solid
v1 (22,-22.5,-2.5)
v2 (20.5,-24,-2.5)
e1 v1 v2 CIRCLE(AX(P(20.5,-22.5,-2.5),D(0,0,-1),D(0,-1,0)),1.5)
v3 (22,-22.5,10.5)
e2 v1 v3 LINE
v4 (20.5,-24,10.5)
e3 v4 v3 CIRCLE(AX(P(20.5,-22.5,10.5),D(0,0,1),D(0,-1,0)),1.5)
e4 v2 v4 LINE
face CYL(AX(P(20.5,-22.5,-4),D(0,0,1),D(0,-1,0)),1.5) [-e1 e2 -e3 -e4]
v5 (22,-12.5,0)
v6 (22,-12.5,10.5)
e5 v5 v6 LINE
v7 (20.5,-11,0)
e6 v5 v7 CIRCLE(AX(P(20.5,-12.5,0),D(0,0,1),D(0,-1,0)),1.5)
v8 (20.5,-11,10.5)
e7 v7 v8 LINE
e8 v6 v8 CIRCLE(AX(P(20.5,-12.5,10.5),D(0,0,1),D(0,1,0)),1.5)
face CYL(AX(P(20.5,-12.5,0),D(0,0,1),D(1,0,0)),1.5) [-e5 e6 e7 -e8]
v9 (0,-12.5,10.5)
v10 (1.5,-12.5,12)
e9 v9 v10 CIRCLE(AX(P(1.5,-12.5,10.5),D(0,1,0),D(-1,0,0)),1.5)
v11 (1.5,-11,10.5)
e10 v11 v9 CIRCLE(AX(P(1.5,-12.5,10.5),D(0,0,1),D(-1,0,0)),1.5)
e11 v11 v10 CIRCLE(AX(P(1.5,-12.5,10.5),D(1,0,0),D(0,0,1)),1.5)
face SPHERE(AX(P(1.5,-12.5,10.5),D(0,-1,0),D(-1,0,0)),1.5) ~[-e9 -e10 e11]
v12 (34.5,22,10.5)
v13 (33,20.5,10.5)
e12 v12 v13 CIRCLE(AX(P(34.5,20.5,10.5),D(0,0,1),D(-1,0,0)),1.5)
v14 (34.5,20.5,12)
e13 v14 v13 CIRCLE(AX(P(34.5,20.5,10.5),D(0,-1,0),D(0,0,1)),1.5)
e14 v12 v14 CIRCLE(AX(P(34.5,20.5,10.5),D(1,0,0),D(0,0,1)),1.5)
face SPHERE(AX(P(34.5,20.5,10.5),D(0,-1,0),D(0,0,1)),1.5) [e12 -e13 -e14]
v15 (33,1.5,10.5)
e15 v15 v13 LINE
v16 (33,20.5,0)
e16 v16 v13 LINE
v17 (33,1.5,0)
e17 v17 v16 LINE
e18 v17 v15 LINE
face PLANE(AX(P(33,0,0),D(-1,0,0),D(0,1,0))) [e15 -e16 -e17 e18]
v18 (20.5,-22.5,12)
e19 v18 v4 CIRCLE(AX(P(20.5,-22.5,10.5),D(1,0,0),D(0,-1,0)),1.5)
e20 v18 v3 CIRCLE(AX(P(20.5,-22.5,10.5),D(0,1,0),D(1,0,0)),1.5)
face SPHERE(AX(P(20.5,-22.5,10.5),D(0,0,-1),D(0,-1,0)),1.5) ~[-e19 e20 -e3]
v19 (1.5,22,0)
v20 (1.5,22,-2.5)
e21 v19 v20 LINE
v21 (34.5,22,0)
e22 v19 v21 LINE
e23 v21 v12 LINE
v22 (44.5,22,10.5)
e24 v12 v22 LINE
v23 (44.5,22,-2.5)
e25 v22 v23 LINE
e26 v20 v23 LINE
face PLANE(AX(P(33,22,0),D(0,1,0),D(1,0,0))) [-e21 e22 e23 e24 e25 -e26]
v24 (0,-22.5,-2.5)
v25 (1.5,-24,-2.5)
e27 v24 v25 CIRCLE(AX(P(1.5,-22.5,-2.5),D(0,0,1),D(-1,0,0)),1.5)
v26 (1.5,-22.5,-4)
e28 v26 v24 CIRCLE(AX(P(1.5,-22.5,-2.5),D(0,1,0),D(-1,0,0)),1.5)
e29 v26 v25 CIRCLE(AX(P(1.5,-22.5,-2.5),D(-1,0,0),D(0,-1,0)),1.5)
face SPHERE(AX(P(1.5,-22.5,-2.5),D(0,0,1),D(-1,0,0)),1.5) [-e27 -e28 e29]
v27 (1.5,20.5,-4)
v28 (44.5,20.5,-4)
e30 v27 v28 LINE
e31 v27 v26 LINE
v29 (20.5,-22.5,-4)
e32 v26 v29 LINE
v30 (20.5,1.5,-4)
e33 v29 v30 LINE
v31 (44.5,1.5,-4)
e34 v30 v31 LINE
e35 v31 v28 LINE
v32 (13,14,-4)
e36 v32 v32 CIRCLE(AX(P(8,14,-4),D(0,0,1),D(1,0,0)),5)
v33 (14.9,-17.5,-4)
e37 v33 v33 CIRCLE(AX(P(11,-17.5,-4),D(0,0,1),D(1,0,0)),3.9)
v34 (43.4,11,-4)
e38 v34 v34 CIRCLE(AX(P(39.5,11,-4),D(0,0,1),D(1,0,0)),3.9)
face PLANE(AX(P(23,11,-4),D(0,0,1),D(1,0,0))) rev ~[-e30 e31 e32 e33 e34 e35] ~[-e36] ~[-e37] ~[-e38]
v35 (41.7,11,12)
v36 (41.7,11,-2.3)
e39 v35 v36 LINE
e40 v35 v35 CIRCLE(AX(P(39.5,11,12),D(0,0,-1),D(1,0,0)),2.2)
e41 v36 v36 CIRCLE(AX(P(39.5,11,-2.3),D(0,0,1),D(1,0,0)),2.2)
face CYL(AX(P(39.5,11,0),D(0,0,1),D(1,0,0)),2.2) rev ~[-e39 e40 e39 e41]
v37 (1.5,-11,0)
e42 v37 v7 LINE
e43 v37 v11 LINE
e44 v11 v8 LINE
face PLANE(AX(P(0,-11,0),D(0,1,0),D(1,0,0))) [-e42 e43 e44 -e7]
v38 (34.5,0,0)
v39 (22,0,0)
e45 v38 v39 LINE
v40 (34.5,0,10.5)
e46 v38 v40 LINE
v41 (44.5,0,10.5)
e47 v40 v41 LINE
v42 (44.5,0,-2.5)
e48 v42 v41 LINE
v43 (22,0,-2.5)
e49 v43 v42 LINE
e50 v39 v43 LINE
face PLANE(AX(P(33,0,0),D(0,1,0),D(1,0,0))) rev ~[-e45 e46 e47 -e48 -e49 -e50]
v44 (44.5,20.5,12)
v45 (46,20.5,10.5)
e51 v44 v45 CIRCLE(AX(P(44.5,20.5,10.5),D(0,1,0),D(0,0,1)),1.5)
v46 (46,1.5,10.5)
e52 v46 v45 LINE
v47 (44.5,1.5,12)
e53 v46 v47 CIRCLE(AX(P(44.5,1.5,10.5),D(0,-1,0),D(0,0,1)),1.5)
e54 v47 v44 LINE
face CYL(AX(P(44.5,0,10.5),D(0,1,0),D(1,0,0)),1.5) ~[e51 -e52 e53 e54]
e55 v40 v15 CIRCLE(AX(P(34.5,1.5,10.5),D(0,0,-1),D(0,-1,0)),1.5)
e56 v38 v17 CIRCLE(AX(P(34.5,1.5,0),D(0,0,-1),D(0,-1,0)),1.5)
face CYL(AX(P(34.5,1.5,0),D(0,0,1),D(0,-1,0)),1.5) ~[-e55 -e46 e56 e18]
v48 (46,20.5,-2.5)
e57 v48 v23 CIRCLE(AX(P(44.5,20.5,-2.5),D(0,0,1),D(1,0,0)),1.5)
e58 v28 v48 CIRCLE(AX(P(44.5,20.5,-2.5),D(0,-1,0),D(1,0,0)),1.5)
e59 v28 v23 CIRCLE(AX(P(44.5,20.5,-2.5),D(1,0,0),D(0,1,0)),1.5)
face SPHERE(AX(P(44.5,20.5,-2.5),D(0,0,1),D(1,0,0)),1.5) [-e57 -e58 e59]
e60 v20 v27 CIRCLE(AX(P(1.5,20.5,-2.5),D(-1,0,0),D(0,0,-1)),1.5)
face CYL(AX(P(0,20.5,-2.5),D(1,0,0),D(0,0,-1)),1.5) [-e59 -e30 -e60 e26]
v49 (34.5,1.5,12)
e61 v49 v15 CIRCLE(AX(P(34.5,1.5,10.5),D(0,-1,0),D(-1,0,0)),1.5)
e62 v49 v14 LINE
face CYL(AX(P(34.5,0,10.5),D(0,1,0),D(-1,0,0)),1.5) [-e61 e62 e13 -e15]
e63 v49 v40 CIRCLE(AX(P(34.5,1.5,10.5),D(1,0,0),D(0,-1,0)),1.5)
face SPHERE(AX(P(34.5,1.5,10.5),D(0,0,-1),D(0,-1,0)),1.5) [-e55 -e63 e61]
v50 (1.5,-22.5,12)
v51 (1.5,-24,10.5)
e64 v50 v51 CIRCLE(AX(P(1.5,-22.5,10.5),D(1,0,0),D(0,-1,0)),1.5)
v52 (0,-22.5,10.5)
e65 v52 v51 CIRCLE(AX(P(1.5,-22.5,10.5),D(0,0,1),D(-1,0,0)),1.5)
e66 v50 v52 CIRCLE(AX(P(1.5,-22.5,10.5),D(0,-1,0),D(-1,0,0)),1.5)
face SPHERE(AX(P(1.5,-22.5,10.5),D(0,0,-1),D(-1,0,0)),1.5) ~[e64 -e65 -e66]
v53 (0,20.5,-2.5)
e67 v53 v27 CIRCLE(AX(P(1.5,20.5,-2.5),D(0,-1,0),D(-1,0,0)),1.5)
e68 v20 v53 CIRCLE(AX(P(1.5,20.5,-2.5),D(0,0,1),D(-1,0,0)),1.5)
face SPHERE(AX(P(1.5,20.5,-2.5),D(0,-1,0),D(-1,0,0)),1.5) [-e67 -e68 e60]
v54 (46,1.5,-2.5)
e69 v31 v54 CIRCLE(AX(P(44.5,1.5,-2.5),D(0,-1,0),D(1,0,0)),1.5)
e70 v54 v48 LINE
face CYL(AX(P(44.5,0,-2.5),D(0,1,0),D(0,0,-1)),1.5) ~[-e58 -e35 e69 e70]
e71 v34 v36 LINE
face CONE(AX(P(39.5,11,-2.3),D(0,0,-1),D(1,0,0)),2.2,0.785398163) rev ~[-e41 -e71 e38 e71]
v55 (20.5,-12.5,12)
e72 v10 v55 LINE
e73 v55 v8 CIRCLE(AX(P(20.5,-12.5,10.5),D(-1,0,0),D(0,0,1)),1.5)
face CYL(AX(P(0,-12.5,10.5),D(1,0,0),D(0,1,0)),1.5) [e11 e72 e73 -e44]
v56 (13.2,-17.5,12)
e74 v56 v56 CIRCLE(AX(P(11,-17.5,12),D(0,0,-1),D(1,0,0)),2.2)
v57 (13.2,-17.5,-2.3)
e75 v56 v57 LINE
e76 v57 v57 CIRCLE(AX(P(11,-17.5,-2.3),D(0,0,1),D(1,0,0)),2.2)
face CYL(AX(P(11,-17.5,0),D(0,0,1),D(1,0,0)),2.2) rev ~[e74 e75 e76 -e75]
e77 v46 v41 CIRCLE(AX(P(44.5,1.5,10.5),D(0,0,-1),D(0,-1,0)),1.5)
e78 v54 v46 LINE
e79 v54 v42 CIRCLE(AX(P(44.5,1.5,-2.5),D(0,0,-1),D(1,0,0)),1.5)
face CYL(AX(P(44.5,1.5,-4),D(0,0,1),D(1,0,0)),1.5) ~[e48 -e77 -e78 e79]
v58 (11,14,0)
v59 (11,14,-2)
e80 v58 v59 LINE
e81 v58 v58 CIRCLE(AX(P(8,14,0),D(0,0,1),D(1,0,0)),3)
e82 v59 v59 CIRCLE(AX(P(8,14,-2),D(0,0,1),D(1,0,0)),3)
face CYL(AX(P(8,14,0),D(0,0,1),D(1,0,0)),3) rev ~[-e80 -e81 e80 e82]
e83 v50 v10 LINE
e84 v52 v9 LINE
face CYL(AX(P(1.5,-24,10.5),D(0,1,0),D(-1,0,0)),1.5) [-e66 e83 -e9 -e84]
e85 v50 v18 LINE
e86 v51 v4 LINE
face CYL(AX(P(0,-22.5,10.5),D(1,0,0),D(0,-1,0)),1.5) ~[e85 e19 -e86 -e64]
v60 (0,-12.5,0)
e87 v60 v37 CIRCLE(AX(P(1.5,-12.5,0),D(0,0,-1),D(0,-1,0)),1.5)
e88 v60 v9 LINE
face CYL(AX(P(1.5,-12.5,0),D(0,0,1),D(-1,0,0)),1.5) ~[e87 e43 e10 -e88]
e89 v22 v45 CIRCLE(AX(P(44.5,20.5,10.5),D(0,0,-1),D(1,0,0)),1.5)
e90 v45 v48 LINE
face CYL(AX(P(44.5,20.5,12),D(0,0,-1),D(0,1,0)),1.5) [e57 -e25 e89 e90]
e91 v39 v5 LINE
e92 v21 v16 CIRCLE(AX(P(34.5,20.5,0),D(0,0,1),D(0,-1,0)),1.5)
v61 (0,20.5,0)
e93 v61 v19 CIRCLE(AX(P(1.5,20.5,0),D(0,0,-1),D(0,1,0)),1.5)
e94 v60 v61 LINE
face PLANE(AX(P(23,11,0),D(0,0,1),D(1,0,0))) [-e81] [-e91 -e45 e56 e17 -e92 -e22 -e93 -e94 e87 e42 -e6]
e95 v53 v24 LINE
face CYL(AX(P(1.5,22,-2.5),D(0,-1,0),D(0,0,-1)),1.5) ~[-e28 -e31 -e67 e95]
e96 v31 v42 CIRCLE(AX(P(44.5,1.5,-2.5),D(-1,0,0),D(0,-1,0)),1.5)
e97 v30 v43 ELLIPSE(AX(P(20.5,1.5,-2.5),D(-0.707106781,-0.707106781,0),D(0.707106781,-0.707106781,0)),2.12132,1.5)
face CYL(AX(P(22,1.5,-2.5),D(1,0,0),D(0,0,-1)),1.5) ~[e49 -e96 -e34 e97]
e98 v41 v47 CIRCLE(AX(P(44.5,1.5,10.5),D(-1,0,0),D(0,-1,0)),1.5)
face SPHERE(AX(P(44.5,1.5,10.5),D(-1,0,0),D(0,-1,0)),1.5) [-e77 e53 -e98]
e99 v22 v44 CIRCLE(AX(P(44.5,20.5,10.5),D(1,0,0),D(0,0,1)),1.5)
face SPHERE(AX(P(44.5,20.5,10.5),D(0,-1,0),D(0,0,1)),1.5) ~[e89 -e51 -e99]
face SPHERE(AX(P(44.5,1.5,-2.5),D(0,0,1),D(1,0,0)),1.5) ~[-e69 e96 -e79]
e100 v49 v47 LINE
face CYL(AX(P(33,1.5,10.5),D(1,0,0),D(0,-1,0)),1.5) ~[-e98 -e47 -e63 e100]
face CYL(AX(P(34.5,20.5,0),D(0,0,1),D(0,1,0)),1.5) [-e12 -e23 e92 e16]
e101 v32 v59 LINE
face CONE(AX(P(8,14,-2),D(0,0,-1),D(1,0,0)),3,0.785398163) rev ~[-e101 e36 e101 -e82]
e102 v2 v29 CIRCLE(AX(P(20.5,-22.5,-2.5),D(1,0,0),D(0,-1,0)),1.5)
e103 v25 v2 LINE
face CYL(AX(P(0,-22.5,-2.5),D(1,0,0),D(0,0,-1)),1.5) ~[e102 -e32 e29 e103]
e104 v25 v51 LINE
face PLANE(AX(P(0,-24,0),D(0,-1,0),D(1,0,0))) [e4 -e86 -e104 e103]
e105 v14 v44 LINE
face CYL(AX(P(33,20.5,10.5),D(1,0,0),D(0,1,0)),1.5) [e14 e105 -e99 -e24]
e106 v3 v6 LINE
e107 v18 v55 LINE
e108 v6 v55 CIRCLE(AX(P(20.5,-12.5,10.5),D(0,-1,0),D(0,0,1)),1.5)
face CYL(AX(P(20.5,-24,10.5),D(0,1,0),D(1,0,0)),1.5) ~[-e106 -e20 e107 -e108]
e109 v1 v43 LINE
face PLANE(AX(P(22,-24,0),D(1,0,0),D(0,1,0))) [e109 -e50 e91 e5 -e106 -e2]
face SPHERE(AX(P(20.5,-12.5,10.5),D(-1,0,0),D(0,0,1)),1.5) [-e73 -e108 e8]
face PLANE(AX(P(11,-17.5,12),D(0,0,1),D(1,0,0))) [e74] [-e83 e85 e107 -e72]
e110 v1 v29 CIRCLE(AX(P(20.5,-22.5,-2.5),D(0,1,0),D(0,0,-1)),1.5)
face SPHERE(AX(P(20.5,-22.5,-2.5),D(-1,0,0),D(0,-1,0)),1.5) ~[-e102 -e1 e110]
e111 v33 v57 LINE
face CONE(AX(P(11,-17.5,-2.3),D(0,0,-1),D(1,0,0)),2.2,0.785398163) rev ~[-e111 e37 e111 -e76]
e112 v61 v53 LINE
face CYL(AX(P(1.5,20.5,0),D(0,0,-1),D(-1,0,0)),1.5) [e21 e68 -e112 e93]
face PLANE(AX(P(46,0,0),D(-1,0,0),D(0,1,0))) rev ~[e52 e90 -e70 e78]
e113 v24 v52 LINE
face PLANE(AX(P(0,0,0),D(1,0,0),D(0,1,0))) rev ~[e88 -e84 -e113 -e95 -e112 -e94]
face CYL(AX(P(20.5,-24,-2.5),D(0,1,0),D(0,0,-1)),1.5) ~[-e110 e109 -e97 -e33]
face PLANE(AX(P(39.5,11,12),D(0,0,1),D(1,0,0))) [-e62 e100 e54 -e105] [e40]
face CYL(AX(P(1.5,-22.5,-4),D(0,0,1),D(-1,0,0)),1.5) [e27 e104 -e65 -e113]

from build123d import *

# Parameters (mm, degrees)
RECTANGLE003_W       = 22
RECTANGLE003_H       = 13
PAD_DEPTH            = 12
RECTANGLE002_FACE1_W = 22
RECTANGLE002_FACE1_H = 24
PAD002_DEPTH         = 4
RECTANGLE_FACE1_W    = 46
RECTANGLE_FACE1_H    = 22
PAD003_DEPTH         = 4
RECTANGLE001_W       = 13
RECTANGLE001_H       = 22
PAD004_DEPTH         = 12
CIRCLE002_R          = 2.2
POCKET_DEPTH         = 22
CIRCLE_EDGE1_R       = 3
POCKET001_DEPTH      = 5
CIRCLE001_R          = 2.2
POCKET002_DEPTH      = 22
POCKET003_DEPTH      = 22
POCKET004_DEPTH      = 22
CHAMFER_SIZE         = 2
CHAMFER001_SIZE      = 1.7
CHAMFER002_SIZE      = 1.7
FILLET_R             = 1.5


with BuildPart() as part:
    # Rectangle003 → Pad (new body)
    with BuildSketch(Plane(origin=(0, -24, 0), x_dir=(1, 0, 0), z_dir=(0, 0, 1))):
        with Locations((11, 6.5)):
            Rectangle(RECTANGLE003_W, RECTANGLE003_H)
    extrude(amount=PAD_DEPTH)

    # Rectangle002 Face1 → Pad002 (add)
    with BuildSketch(Plane(origin=(0, -24, 0), x_dir=(1, 0, 0), z_dir=(0, 0, 1))):
        with Locations((11, 12)):
            Rectangle(RECTANGLE002_FACE1_W, RECTANGLE002_FACE1_H)
    extrude(amount=-PAD002_DEPTH)

    # Rectangle Face1 → Pad003 (add)
    with BuildSketch(Plane.XY):
        with Locations((23, 11)):
            Rectangle(RECTANGLE_FACE1_W, RECTANGLE_FACE1_H)
    extrude(amount=-PAD003_DEPTH)

    # Rectangle001 → Pad004 (join)
    with BuildSketch(Plane(origin=(33, 0, 0), x_dir=(1, 0, 0), z_dir=(0, 0, 1))):
        with Locations((6.5, 11)):
            Rectangle(RECTANGLE001_W, RECTANGLE001_H)
    extrude(amount=PAD004_DEPTH)

    # Circle002 → Pocket (cut)
    with BuildSketch(Plane(origin=(11, -17.5, 0), x_dir=(1, 0, 0), z_dir=(0, 0, 1))):
        Circle(CIRCLE002_R)
    extrude(amount=-POCKET_DEPTH, mode=Mode.SUBTRACT)

    # Circle Edge1 → Pocket001 (cut)
    with BuildSketch(Plane(origin=(8, 14, 0), x_dir=(1, 0, 0), z_dir=(0, 0, 1))):
        Circle(CIRCLE_EDGE1_R)
    extrude(amount=-POCKET001_DEPTH, mode=Mode.SUBTRACT)

    # Circle001 → Pocket002 (cut)
    with BuildSketch(Plane(origin=(39.5, 11, 0), x_dir=(1, 0, 0), z_dir=(0, 0, 1))):
        Circle(CIRCLE001_R)
    extrude(amount=-POCKET002_DEPTH, mode=Mode.SUBTRACT)

    # Circle001 → Pocket003 (cut)
    with BuildSketch(Plane(origin=(39.5, 11, 0), x_dir=(1, 0, 0), z_dir=(0, 0, 1))):
        Circle(CIRCLE001_R)
    extrude(amount=POCKET003_DEPTH, mode=Mode.SUBTRACT)

    # Circle002 → Pocket004 (cut)
    with BuildSketch(Plane(origin=(11, -17.5, 0), x_dir=(1, 0, 0), z_dir=(0, 0, 1))):
        Circle(CIRCLE002_R)
    extrude(amount=POCKET004_DEPTH, mode=Mode.SUBTRACT)

    # Chamfer
    chamfer_edges = [part.edges().sort_by_distance(p)[0] for p in [
        (5, 14, -4),
    ]]
    chamfer(chamfer_edges, length=CHAMFER_SIZE)

    # Chamfer001
    chamfer001_edges = [part.edges().sort_by_distance(p)[0] for p in [
        (37.3, 11, -4),
    ]]
    chamfer(chamfer001_edges, length=CHAMFER001_SIZE)

    # Chamfer002
    chamfer002_edges = [part.edges().sort_by_distance(p)[0] for p in [
        (8.8, -17.5, -4),
    ]]
    chamfer(chamfer002_edges, length=CHAMFER002_SIZE)

    # Fillet
    fillet_edges = [part.edges().sort_by_distance(p)[0] for p in [
        (0, -24, 4),
        (0, -17.5, 12),
        (0, -11, 6),
        (0, -1, -4),
        (11, -24, -4),
        (22, -24, 4),
        (11, -24, 12),
        (11, -11, 12),
        (22, -17.5, 12),
        (33, 0, 6),
        (39.5, 0, 12),
        (46, 0, 4),
        (46, 11, 12),
        (33, 11, 12),
        (39.5, 22, 12),
        (33, 22, 6),
        (0, 22, -2),
        (22, -11, 6),
        (46, 22, 4),
        (46, 11, -4),
        (23, 22, -4),
        (34, 0, -4),
        (22, -12, -4),
    ]]
    fillet(fillet_edges, radius=FILLET_R)


solid = part.part
